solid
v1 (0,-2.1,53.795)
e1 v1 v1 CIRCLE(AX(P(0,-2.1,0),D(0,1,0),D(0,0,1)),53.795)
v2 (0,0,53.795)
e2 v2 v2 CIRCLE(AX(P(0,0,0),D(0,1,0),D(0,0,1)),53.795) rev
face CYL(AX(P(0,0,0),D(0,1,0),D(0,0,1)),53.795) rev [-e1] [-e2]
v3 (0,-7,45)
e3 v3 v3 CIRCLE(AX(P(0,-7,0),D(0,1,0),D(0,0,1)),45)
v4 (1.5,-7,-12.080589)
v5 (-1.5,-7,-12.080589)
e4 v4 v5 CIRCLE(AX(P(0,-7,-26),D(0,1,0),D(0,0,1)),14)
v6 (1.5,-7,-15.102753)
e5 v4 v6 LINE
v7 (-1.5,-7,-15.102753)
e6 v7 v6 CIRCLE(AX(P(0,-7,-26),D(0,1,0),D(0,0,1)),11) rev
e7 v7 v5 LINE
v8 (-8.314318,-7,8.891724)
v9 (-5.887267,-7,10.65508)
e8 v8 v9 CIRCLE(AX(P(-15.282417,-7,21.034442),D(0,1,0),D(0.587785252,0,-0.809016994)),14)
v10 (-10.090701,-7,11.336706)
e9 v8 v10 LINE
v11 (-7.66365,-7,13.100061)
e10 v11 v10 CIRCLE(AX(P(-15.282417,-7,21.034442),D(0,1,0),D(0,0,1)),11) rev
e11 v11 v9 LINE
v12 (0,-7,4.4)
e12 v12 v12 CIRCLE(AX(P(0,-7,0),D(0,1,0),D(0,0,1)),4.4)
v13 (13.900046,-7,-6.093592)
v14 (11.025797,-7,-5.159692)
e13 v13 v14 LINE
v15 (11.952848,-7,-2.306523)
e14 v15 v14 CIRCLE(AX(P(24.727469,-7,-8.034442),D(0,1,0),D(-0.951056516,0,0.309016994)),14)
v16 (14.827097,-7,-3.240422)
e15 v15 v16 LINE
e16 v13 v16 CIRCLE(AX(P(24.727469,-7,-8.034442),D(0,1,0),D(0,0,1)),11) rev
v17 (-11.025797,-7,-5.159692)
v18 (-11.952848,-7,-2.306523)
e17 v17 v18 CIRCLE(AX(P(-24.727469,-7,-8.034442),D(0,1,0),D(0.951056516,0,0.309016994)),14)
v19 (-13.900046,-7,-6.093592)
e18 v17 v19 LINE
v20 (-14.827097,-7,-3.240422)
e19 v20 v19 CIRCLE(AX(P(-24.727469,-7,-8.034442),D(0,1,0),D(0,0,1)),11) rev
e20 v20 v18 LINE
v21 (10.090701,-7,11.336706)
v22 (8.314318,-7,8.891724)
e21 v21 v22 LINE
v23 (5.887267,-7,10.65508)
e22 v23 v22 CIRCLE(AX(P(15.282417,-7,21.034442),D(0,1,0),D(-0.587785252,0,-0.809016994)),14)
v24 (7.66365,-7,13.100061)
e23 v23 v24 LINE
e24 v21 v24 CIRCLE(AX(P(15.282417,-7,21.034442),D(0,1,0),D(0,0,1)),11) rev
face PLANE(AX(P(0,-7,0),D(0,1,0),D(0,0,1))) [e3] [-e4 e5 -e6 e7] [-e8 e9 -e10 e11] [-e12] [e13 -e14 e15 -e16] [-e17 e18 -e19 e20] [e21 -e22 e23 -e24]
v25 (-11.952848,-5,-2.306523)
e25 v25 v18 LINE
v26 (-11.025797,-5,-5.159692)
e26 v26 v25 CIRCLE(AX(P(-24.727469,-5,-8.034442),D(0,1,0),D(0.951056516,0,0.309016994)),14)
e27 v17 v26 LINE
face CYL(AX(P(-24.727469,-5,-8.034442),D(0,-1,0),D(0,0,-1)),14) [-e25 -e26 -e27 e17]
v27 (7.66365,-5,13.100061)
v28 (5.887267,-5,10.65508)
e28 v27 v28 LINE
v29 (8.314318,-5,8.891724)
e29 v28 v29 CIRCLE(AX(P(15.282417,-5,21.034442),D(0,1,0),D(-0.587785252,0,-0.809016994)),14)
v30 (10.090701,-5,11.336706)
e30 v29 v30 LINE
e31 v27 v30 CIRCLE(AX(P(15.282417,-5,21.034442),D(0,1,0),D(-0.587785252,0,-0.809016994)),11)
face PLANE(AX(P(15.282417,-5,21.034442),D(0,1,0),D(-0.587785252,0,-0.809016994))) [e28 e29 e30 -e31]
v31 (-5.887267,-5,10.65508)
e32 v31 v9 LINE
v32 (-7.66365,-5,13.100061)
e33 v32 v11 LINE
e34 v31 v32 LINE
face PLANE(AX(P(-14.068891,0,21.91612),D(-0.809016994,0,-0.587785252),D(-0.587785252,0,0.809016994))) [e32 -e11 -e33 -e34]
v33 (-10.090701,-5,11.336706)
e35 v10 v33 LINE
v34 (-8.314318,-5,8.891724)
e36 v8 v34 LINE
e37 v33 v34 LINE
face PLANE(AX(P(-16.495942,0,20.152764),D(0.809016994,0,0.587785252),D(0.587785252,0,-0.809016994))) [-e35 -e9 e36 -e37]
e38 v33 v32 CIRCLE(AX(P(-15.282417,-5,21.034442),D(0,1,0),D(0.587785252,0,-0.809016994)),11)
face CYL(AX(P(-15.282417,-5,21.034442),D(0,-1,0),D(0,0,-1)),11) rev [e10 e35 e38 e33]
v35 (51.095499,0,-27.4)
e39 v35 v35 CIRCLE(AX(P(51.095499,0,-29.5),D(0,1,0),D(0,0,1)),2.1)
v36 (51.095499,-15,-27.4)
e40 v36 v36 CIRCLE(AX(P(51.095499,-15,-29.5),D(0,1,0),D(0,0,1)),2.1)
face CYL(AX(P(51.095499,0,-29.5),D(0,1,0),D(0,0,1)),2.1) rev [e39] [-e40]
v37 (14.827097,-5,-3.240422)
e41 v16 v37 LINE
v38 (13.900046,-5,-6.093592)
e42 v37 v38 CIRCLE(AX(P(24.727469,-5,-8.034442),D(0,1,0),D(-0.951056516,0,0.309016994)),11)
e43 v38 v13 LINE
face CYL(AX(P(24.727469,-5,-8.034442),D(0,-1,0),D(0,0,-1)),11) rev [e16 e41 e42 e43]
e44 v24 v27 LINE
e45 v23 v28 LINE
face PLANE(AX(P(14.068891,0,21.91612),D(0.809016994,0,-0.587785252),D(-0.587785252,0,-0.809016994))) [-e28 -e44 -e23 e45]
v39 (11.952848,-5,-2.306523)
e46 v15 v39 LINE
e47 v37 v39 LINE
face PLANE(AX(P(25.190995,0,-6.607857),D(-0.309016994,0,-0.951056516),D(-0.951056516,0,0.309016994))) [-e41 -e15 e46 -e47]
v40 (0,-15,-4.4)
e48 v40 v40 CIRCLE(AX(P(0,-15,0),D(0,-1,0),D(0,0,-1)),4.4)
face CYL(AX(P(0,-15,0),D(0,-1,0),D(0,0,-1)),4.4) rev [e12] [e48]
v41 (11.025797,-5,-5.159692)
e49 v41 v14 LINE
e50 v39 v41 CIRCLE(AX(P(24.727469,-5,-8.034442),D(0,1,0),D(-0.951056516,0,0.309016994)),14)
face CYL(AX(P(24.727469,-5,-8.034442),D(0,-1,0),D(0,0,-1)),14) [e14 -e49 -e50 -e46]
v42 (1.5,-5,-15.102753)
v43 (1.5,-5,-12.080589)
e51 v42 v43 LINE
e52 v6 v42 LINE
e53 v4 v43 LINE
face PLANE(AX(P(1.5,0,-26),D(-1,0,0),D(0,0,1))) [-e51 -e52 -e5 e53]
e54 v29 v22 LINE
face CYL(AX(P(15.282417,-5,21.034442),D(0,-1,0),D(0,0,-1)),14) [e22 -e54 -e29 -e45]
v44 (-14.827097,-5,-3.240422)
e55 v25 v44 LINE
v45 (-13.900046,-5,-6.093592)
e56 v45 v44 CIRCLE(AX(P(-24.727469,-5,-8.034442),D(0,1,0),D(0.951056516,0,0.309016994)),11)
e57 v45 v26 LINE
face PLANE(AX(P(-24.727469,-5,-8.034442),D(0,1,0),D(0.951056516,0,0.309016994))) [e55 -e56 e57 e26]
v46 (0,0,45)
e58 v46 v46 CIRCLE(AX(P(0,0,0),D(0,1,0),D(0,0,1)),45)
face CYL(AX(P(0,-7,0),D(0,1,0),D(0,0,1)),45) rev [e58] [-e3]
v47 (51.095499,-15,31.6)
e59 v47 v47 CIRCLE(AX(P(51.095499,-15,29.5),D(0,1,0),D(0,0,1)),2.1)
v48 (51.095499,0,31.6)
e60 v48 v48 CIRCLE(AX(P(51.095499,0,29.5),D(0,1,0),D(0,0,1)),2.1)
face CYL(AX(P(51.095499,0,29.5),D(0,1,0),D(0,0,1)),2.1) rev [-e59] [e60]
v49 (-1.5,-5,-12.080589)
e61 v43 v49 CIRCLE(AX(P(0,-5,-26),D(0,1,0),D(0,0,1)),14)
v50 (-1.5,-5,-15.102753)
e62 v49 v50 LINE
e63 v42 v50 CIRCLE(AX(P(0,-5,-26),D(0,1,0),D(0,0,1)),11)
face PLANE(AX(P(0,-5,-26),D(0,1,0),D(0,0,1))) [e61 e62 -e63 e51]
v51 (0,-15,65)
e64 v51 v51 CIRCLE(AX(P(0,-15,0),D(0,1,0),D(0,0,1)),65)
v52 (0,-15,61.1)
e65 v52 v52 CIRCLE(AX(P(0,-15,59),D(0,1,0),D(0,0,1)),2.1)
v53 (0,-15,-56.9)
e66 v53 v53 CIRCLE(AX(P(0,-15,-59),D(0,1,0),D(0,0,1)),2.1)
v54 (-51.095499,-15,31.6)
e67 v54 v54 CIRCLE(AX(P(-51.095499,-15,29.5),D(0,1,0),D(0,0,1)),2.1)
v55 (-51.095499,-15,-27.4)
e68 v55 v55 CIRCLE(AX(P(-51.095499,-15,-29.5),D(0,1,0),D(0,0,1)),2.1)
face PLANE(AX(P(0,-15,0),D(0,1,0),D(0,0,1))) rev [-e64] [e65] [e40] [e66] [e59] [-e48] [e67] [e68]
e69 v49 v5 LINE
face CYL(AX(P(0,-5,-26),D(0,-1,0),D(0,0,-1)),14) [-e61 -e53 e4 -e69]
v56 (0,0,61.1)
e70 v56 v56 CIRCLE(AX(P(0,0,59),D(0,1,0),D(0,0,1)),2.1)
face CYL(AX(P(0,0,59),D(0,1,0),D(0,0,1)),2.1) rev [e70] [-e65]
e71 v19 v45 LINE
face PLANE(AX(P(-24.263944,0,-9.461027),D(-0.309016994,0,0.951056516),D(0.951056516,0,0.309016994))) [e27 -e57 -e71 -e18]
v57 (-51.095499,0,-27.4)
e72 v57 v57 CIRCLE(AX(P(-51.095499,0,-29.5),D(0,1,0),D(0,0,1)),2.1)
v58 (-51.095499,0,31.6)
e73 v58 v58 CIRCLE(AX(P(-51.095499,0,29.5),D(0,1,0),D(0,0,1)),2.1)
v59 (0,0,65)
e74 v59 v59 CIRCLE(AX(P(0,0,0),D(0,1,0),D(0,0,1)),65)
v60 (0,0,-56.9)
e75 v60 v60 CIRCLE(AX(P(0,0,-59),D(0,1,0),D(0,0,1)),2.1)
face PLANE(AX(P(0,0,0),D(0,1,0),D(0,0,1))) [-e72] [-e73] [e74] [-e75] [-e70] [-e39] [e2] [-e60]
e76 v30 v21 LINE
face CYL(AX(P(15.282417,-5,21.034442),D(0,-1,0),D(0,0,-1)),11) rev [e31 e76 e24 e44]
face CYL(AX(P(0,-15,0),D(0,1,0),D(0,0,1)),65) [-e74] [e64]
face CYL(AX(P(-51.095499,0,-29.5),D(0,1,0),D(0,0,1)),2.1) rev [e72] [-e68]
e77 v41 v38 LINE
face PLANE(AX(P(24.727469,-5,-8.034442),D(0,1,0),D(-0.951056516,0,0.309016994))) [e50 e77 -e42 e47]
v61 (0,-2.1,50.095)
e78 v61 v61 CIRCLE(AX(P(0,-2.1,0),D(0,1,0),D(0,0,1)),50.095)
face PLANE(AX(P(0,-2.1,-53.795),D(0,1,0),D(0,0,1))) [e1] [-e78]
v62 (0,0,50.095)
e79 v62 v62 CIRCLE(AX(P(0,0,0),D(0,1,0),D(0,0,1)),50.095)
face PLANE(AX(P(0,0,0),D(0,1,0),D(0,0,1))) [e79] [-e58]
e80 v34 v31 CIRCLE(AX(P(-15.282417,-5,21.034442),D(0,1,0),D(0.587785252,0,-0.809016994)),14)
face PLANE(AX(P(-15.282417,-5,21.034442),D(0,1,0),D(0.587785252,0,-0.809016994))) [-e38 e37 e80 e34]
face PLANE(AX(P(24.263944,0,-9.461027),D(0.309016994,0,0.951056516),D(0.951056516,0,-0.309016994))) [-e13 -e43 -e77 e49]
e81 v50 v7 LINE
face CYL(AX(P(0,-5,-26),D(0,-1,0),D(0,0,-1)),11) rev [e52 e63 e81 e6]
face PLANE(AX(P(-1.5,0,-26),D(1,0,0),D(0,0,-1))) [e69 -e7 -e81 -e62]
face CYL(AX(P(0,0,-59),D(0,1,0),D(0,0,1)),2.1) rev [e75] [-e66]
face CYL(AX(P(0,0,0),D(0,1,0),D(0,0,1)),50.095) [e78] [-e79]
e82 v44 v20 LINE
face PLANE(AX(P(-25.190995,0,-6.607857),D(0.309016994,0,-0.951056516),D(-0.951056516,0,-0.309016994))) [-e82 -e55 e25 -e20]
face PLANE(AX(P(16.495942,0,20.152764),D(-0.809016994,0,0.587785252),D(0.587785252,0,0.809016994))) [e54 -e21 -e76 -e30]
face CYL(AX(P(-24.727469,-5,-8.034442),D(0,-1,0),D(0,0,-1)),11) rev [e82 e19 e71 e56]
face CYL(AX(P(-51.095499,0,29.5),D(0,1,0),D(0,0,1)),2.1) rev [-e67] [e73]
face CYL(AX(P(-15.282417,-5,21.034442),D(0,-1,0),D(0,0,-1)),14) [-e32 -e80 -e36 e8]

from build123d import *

# Parameters (mm, degrees)
CROQUIS2_R              = 65
SALIENTE_EXTRUIR1_DEPTH = 15
CROQUIS2_3_R            = 45
CORTAR_EXTRUIR1_DEPTH   = 7
TALADRO_ROSCADO_G1_81_D = 8.8
CROQUIS3_R              = 14
CROQUIS3_R_2            = 11
SALIENTE_EXTRUIR3_DEPTH = 2
CORTAR_EXTRUIR3_DEPTH   = 93.271338995
MATRIZC1_COUNT          = 5
CROQUIS7_W              = 3.7
CROQUIS7_H              = 4.2
TALADRO_ROSCADO_M51_D   = 4.2
MATRIZC2_COUNT          = 6


with BuildPart() as part:
    # Croquis2 → Saliente-Extruir1 (new body)
    with BuildSketch(Plane(origin=(0, 0, 0), x_dir=(1, 0, 0), z_dir=(0, 1, 0))):
        Circle(CROQUIS2_R)
    extrude(amount=-SALIENTE_EXTRUIR1_DEPTH)

    # Croquis2<3> → Cortar-Extruir1 (cut)
    with BuildSketch(Plane(origin=(0, 0, 0), x_dir=(1, 0, 0), z_dir=(0, 1, 0))):
        Circle(CROQUIS2_3_R)
    extrude(amount=-CORTAR_EXTRUIR1_DEPTH, mode=Mode.SUBTRACT)

    # Taladro roscado G1/81 (through all)
    with Locations(Plane(origin=(0, -15, 0), x_dir=(-1, 0, 0), z_dir=(0, -1, 0))):
        with Locations((0, 0)):
            Hole(TALADRO_ROSCADO_G1_81_D / 2)

    # Croquis3 → Saliente-Extruir3 (add)
    with BuildSketch(Plane(origin=(0, -7, 0), x_dir=(1, 0, 0), z_dir=(0, 1, 0))):
        with Locations((0, 26)):
            Circle(CROQUIS3_R)
        with Locations((0, 26)):
            Circle(CROQUIS3_R_2, mode=Mode.SUBTRACT)
    saliente_extruir3 = extrude(amount=SALIENTE_EXTRUIR3_DEPTH)

    # Croquis6 → Cortar-Extruir3 (cut, through all)
    with BuildSketch(Plane(origin=(0, -7, 0), x_dir=(1, 0, 0), z_dir=(0, 1, 0))):
        with BuildLine():
            Line((1.5, 26), (1.5, 4.4))
            ThreePointArc((1.5, 4.4), (0, 2.9), (-1.5, 4.4))
            Line((-1.5, 4.4), (-1.5, 26))
            ThreePointArc((-1.5, 26), (0, 27.5), (1.5, 26))
        make_face()
    cortar_extruir3 = extrude(amount=CORTAR_EXTRUIR3_DEPTH, mode=Mode.SUBTRACT)

    # MatrizC1: Saliente-Extruir3, Cortar-Extruir3 ×5 about axis
    matrizc1_axis = Axis((0, -15, 0), (0, 1, 0))
    add([saliente_extruir3.rotate(matrizc1_axis, i * 360 / MATRIZC1_COUNT) for i in range(1, MATRIZC1_COUNT)])
    add([cortar_extruir3.rotate(matrizc1_axis, i * 360 / MATRIZC1_COUNT) for i in range(1, MATRIZC1_COUNT)], mode=Mode.SUBTRACT)

    # Croquis7 → Cortar-Revolución1 (revolve, cut)
    with BuildSketch(Plane(origin=(0, 0, 0), x_dir=(0, 0, -1), z_dir=(1, 0, 0))):
        with Locations((51.945, 0)):
            Rectangle(CROQUIS7_W, CROQUIS7_H)
    revolve(axis=Axis((0, 0, 0), (0, -1, 0)), mode=Mode.SUBTRACT)

    # Taladro roscado M51 (through all)
    with Locations(Plane(origin=(0, 0, 0), x_dir=(1, 0, 0), z_dir=(0, 1, 0))):
        with Locations((0, 59)):
            taladro_roscado_m51 = Hole(TALADRO_ROSCADO_M51_D / 2)

    # MatrizC2: Taladro roscado M51 ×6 about axis
    matrizc2_axis = Axis((0, -15, 0), (0, 1, 0))
    for i in range(1, MATRIZC2_COUNT):
        add(taladro_roscado_m51.rotate(matrizc2_axis, i * 360 / MATRIZC2_COUNT), mode=Mode.SUBTRACT)


solid = part.part
